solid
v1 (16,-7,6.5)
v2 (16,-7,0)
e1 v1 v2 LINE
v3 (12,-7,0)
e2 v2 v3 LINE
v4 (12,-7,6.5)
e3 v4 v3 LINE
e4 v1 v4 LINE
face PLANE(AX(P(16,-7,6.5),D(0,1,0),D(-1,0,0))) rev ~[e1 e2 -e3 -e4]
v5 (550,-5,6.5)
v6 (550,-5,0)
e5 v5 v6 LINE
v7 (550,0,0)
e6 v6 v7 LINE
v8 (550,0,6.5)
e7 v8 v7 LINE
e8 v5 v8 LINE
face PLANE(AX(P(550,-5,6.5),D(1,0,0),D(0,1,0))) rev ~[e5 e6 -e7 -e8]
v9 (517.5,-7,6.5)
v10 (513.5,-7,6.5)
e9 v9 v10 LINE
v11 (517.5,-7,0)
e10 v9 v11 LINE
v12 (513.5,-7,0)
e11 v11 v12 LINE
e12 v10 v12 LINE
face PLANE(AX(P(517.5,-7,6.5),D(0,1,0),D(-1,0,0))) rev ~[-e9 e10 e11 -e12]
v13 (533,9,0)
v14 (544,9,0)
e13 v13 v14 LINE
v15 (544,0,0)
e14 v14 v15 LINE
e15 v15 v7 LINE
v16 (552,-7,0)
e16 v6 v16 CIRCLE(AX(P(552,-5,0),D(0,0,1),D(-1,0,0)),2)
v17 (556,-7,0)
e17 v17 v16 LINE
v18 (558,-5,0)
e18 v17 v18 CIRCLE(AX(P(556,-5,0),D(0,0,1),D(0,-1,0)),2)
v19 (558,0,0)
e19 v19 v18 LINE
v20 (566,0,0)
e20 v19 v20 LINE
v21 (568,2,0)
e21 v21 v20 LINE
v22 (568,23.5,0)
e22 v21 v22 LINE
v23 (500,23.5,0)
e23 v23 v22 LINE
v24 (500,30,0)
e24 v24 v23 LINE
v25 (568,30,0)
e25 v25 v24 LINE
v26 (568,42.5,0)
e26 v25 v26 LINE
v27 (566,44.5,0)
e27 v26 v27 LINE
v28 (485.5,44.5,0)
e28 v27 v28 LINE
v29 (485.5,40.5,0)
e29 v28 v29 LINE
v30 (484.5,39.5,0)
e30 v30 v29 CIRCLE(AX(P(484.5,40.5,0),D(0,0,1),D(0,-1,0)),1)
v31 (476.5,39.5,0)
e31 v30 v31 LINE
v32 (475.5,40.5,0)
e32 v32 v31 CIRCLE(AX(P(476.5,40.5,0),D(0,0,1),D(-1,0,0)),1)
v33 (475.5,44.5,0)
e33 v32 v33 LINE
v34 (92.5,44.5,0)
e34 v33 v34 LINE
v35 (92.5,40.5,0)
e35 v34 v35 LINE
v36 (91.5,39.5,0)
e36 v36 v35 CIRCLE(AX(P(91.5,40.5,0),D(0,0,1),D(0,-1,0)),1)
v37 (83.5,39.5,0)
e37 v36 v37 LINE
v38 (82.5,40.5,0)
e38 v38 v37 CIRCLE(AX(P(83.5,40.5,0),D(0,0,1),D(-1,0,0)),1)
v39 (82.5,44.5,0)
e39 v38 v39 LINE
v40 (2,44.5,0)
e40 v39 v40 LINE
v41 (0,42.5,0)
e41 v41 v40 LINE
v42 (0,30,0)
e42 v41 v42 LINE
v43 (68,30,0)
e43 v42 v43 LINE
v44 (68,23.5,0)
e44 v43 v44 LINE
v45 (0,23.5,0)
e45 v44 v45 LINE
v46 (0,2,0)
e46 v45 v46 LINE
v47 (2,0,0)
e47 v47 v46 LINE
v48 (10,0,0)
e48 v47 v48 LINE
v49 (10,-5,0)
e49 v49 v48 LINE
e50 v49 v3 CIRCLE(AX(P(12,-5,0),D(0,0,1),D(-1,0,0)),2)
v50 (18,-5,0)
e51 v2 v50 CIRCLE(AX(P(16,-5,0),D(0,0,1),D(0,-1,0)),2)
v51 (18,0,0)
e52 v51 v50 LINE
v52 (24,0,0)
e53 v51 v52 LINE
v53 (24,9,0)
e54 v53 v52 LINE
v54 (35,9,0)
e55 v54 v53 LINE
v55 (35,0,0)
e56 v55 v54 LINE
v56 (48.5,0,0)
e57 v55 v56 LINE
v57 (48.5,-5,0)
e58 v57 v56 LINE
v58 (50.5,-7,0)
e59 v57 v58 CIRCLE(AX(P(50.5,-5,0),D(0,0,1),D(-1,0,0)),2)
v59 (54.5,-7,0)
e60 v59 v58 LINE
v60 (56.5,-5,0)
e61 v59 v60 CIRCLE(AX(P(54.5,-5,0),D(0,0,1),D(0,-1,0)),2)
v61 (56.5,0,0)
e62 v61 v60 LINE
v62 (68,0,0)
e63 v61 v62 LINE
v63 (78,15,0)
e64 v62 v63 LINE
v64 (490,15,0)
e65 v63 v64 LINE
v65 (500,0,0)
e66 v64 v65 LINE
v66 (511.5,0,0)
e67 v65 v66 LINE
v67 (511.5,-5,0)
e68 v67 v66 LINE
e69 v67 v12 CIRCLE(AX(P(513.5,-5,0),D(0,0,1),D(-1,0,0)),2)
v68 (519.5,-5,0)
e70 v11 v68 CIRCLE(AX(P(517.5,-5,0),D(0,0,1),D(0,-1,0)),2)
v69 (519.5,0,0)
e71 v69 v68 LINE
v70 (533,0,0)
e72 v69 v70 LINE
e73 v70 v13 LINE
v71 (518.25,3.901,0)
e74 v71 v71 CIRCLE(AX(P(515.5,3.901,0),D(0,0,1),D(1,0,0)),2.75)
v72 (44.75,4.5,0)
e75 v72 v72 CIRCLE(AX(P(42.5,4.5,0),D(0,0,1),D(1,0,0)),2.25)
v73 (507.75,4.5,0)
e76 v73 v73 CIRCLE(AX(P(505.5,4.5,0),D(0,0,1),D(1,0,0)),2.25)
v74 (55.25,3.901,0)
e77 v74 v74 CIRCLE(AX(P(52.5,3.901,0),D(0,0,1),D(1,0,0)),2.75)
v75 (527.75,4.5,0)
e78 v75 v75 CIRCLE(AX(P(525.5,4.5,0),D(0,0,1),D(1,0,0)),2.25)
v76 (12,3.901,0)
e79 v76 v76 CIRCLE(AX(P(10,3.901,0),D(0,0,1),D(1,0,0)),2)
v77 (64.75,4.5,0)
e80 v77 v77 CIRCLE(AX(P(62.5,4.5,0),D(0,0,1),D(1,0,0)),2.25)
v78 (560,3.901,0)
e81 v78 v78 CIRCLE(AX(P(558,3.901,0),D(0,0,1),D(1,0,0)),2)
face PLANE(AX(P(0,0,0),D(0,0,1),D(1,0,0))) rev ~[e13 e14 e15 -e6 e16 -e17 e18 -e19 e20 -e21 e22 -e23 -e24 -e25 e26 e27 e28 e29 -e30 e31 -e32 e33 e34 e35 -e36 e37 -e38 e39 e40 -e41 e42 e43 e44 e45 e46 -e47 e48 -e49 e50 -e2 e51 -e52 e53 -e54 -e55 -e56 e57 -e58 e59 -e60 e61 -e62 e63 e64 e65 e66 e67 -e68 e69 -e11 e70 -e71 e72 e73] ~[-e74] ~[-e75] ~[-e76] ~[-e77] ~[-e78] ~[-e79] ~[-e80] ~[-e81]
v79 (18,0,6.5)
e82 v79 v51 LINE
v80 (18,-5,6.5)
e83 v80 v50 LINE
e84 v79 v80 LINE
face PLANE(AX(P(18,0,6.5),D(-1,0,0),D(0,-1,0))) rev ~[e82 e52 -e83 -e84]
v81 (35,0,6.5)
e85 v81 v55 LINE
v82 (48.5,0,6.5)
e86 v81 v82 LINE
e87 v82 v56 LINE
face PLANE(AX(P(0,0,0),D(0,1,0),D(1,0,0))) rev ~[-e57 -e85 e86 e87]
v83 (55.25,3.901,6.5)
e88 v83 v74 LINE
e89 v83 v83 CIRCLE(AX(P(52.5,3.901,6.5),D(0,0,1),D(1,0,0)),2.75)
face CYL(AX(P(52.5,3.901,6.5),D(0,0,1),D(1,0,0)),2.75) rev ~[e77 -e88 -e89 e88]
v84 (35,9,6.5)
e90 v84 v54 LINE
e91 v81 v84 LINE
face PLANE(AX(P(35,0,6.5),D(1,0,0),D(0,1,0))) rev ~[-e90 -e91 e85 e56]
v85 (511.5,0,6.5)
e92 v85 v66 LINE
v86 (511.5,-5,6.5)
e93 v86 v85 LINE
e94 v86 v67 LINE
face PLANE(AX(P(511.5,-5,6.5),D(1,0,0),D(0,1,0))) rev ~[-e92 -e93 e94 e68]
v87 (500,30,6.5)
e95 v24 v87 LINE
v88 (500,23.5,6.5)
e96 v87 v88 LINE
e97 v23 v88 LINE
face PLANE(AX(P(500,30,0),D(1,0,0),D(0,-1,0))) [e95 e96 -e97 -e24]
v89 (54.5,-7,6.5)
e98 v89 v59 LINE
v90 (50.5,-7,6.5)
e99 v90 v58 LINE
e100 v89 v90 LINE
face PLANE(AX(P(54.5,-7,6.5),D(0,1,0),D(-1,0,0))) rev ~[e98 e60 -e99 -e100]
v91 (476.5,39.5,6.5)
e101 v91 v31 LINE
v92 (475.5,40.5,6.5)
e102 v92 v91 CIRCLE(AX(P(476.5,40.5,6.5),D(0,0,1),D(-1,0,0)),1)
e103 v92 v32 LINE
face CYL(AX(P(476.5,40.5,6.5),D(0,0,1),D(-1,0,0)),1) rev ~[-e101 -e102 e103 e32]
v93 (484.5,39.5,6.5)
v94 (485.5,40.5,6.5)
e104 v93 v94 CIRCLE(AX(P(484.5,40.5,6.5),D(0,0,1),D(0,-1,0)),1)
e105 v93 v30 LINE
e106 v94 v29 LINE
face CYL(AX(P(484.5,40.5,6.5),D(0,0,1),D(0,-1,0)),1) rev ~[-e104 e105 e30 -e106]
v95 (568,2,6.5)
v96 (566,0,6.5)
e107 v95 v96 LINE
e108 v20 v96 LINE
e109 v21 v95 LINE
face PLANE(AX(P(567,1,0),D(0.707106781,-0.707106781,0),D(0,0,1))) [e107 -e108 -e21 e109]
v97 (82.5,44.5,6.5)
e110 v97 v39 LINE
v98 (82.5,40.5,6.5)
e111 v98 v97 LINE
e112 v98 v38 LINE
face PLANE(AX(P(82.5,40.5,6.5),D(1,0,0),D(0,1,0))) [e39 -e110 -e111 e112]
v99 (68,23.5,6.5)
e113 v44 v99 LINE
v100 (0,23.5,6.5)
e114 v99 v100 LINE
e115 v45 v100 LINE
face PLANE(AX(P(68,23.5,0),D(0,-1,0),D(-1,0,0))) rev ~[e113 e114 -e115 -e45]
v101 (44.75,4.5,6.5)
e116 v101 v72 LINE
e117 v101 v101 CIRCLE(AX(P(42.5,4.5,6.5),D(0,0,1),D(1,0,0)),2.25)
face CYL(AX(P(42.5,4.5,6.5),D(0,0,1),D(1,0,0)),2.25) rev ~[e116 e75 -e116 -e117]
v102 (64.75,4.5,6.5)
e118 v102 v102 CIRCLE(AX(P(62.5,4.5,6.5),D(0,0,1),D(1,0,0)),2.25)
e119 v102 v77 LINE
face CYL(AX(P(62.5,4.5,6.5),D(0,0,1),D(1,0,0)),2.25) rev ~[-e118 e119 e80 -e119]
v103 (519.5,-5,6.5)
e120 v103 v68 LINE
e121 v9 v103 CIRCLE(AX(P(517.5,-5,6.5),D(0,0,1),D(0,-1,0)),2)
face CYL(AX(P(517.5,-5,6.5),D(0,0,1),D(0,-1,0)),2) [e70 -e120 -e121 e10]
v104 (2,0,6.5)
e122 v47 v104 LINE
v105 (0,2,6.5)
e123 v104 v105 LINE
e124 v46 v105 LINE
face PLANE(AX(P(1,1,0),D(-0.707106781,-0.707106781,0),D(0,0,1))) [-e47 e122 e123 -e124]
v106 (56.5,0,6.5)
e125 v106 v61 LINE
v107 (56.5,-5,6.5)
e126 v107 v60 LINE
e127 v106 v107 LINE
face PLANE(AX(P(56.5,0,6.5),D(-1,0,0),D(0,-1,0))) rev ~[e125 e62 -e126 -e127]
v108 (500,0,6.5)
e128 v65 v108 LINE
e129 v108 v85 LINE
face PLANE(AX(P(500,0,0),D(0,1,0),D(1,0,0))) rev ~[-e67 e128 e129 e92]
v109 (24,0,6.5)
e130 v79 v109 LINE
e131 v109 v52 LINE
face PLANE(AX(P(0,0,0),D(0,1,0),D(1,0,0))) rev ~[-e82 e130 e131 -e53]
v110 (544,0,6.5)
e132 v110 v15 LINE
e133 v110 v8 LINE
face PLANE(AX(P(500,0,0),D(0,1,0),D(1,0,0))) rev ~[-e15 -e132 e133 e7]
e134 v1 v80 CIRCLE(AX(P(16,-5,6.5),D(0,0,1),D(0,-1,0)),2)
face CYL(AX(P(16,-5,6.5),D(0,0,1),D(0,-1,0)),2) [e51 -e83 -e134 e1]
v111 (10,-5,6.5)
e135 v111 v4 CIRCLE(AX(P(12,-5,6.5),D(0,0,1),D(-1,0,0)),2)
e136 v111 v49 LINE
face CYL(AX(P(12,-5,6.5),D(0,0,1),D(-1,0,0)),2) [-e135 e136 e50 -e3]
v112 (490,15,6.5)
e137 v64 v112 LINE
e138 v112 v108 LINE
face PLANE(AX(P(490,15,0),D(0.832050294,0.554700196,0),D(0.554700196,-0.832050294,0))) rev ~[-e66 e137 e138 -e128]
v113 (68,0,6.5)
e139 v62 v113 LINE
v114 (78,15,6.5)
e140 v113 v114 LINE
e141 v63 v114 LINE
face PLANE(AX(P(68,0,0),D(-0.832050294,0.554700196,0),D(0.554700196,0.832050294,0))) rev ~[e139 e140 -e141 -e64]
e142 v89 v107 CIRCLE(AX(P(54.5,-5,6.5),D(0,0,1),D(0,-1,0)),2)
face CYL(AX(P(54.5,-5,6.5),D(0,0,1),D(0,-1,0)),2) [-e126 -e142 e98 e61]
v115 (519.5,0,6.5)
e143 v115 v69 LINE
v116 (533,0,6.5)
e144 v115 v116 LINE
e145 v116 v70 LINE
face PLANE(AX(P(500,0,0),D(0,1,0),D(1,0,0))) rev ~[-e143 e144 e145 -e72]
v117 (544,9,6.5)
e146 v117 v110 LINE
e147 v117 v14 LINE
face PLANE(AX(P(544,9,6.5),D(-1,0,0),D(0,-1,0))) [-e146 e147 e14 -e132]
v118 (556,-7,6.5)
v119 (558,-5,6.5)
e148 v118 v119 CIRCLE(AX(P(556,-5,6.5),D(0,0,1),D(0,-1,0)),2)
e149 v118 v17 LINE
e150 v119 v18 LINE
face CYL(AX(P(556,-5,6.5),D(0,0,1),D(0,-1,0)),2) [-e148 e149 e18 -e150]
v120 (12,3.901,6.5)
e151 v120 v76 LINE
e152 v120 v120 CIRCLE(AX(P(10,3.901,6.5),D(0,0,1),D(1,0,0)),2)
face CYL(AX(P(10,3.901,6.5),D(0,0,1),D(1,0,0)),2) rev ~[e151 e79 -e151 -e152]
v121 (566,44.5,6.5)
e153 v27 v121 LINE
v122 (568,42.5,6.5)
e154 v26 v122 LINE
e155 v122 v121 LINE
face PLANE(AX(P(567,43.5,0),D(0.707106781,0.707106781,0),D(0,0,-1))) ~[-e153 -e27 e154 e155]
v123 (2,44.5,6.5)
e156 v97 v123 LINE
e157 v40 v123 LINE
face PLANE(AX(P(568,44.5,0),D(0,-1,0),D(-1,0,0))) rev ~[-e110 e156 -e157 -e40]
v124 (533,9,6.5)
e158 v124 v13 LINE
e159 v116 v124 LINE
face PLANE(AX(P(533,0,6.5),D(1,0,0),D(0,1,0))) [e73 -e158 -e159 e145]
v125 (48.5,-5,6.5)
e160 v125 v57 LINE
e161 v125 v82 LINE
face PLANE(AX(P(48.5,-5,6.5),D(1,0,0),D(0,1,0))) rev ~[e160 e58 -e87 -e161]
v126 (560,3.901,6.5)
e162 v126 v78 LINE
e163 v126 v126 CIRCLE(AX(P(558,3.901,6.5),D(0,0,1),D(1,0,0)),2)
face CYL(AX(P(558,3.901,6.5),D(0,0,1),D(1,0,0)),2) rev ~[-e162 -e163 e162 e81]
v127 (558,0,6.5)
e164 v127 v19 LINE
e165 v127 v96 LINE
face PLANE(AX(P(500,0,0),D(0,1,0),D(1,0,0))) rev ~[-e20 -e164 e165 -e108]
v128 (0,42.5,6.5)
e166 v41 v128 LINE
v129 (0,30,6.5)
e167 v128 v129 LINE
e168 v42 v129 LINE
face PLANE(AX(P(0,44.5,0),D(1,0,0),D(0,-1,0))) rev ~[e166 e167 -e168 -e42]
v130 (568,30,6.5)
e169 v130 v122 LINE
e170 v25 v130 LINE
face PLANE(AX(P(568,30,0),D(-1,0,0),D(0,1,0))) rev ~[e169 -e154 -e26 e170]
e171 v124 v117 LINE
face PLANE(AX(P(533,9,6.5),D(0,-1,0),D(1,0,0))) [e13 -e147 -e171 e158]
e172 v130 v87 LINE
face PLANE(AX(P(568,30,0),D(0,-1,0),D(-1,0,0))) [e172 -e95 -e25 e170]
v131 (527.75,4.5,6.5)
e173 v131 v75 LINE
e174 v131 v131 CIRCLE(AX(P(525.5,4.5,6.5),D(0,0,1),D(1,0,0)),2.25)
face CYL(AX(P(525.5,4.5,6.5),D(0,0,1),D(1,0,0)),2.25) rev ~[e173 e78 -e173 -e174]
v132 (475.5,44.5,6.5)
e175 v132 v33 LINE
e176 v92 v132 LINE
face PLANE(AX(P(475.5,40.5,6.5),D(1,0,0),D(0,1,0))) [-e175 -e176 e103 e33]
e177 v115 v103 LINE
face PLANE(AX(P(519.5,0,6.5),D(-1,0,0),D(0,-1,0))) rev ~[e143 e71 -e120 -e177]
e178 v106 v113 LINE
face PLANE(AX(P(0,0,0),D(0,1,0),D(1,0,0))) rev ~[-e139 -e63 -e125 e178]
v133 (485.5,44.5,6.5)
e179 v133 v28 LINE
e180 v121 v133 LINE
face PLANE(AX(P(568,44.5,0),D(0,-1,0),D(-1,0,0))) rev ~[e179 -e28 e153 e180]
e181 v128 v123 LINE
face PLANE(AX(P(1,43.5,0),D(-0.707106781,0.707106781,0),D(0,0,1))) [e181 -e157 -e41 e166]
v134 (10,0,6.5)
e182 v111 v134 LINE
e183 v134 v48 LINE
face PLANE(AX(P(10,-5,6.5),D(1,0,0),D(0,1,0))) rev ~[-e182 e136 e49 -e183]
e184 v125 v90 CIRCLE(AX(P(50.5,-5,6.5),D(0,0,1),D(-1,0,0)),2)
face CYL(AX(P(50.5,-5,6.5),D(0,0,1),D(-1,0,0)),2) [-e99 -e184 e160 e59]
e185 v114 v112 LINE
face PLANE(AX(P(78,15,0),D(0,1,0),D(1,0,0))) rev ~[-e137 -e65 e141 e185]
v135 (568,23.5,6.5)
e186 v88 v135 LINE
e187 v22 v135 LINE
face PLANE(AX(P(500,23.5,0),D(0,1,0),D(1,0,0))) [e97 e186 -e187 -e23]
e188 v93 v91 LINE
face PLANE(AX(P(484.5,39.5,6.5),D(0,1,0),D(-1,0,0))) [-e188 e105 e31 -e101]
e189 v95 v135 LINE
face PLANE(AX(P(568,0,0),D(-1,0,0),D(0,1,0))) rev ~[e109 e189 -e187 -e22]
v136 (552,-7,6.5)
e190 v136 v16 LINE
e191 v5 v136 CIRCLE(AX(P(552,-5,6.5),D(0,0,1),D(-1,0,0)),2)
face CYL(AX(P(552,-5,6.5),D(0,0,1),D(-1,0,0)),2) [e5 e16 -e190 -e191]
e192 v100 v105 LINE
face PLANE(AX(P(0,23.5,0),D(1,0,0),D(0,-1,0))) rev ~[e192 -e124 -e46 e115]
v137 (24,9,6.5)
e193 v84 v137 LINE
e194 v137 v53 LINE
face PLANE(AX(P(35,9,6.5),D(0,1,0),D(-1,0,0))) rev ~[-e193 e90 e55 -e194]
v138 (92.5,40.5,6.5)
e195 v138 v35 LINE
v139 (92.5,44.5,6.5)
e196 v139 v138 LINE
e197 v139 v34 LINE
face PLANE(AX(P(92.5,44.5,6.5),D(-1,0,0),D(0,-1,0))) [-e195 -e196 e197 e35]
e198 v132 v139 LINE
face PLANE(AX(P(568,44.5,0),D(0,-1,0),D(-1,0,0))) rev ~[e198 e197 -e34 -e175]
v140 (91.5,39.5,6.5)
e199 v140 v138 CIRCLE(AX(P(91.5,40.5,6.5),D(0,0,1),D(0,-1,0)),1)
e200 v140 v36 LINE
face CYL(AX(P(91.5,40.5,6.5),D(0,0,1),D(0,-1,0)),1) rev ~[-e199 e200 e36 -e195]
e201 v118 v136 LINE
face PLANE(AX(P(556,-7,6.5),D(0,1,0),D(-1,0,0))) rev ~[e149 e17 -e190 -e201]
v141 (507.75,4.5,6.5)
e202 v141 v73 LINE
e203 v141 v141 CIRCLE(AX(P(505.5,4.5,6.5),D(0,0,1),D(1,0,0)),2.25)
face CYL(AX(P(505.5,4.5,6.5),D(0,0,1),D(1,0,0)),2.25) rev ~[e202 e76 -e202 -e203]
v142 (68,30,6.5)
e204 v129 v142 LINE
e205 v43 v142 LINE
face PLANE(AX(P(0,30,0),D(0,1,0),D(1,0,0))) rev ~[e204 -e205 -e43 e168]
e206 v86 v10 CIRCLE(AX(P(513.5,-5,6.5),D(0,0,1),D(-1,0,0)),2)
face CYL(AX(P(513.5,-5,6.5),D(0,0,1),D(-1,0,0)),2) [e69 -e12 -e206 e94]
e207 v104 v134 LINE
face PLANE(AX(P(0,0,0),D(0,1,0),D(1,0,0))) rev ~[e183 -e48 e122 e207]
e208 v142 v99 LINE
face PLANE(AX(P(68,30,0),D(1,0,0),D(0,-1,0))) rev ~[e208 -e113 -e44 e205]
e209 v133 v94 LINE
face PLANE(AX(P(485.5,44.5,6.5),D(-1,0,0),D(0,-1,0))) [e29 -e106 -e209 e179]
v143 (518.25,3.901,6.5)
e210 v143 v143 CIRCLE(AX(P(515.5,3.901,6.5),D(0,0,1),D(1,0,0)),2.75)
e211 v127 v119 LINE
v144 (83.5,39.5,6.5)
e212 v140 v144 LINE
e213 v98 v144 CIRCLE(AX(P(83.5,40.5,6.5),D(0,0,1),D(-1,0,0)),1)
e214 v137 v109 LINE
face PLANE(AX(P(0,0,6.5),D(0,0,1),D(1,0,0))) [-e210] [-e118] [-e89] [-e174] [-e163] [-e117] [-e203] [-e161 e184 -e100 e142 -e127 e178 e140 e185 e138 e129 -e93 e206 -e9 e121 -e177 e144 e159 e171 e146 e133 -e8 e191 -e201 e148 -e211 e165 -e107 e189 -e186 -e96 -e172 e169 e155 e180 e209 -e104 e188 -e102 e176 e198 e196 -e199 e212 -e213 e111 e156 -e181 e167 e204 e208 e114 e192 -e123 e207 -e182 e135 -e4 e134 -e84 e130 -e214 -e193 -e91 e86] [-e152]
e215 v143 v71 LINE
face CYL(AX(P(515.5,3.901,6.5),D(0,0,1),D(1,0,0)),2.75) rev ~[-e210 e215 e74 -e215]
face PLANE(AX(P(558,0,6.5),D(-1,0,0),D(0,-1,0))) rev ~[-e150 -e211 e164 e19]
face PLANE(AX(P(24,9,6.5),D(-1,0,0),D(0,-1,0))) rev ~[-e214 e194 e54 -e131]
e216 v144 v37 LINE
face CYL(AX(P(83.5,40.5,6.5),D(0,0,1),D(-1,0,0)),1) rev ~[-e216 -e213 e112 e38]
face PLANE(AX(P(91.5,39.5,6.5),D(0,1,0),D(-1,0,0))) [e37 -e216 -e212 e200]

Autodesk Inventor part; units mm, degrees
ref_plane "YZ Plane" through (0, 0, 0) normal (1, 0, 0) x (0, 1, 0)
ref_plane "XZ Plane" through (0, 0, 0) normal (0, 1, 0) x (-1, 0, 0)
ref_plane "XY Plane" through (0, 0, 0) normal (0, 0, 1) x (1, 0, 0)
sketch "Sketch1" plane through (0, 0, 0) normal (0, 0, 1) x (1, 0, 0)
  line L0 (568, 44.5) -> (0, 44.5)
  line L1 (68, 0) -> (78, 15)
  line L2 (78, 15) -> (490, 15)
  line L3 (490, 15) -> (500, 0)
  line L4 (0, 0) -> (68, 0)
  line L5 (500, 0) -> (568, 0)
  line L6 (0, 30) -> (68, 30)
  line L7 (68, 30) -> (68, 23.5)
  line L8 (68, 23.5) -> (0, 23.5)
  line L9 (0, 44.5) -> (0, 30)
  line L10 (0, 23.5) -> (0, 0)
  line L11 (568, 30) -> (500, 30)
  line L12 (500, 30) -> (500, 23.5)
  line L13 (500, 23.5) -> (568, 23.5)
  line L14 (568, 0) -> (568, 23.5)
  line L15 (568, 30) -> (568, 44.5)
  dimension "d3" = 6.5
  dimension "d4" = 68
  dimension "d5" = 68
  dimension "d6" = 568
  dimension "d7" = 15
  dimension "d8" = 23.5
  dimension "d9" = 14.5
  dimension "d12" = 10
  dimension "d13" = 10
  dimension "d14" = 10
  dimension "d15" = 10
extrude "Extrusion1" add sketch "Sketch1" along normal blind 6.5
sketch "Sketch2" plane through (0, 0, 6.5) normal (0, 0, 1) x (1, 0, 0)
  line L0 (0, 0) -> (68, 0) projected
  line L1 (500, 0) -> (568, 0) projected
  line L2 (568, 0) -> (568, 23.5) projected
  line L3 (568, 30) -> (568, 44.5) projected
  line L4 (568, 44.5) -> (0, 44.5) projected
  line L5 (0, 44.5) -> (0, 30) projected
  line L6 (0, 23.5) -> (0, 0) projected
  line L7 (24, 0) -> (35, 0)
  line L8 (35, 0) -> (35, 9)
  line L9 (35, 9) -> (24, 9)
  line L10 (24, 9) -> (24, 0)
  circle A0 centre (42.5, 4.5) radius 2.25
  circle A1 centre (52.5, 3.901) radius 2.75
  circle A2 centre (62.5, 4.5) radius 2.25
  line L11 (544, 0) -> (533, 0)
  line L12 (533, 0) -> (533, 9)
  line L13 (533, 9) -> (544, 9)
  line L14 (544, 9) -> (544, 0)
  circle A3 centre (505.5, 4.5) radius 2.25
  circle A4 centre (515.5, 3.901) radius 2.75
  circle A5 centre (525.5, 4.5) radius 2.25
  line L15 (82.5, 44.5) -> (92.5, 44.5)
  line L16 (92.5, 44.5) -> (92.5, 40.5)
  line L17 (91.5, 39.5) -> (83.5, 39.5)
  line L18 (82.5, 40.5) -> (82.5, 44.5)
  line L19 (475.5, 44.5) -> (485.5, 44.5)
  line L20 (485.5, 44.5) -> (485.5, 40.5)
  line L21 (484.5, 39.5) -> (476.5, 39.5)
  line L22 (475.5, 40.5) -> (475.5, 44.5)
  arc A6 (82.5, 40.5) -> (83.5, 39.5) centre (83.5, 40.5) ccw
  arc A7 (91.5, 39.5) -> (92.5, 40.5) centre (91.5, 40.5) ccw
  arc A8 (475.5, 40.5) -> (476.5, 39.5) centre (476.5, 40.5) ccw
  arc A9 (484.5, 39.5) -> (485.5, 40.5) centre (484.5, 40.5) ccw
  circle A10 centre (29.5, 3.901) radius 7.5 construction
  point P0 (538.5, 9)
  point P1 (35, 4.5)
  point P2 (87.5, 39.5)
  point P3 (480.5, 39.5)
  dimension "d16" = 11
  dimension "d18" = 4.5
  dimension "d19" = 5.5
  dimension "d20" = 11
  dimension "d21" = 1
  dimension "d22" = 10
  dimension "d23" = 10
  dimension "d27" = 24
  dimension "d29" = 23
  dimension "d30" = 24
  dimension "d31" = 10
  dimension "d32" = 10
  dimension "d33" = 10
  dimension "d34" = 10
  dimension "d35" = 9
  dimension "d38" = 15
  dimension "d39" = 23
  dimension "d49" = 87.5
  dimension "d50" = 87.5
  dimension "d63" = 5
extrude "Extrusion2" cut sketch "Sketch2" against normal through all
chamfer "Chamfer1" distance 2 angle 45 4 edges at (0, 44.5, 3.25) (0, 0, 3.25) (568, 44.5, 3.25) (568, 0, 3.25)
sketch "Sketch3" plane through (0, 0, 6.5) normal (0, 0, 1) x (1, 0, 0)
  line L0 (568, 2) -> (568, 23.5) projected
  line L1 (0, 23.5) -> (0, 2) projected
  circle A0 centre (52.5, 3.901) radius 2.75 projected
  circle A1 centre (10, 3.901) radius 2
  circle A2 centre (558, 3.901) radius 2
  point P0 (0, 0)
  dimension "d43" = 4
  dimension "d44" = 10
  dimension "d45" = 4
  dimension "d46" = 10
extrude "Extrusion3" cut sketch "Sketch3" against normal through all contours A1 | A2
sketch "Sketch4" plane through (0, 0, 6.5) normal (0, 0, 1) x (1, 0, 0)
  line L0 (568, 2) -> (568, 23.5) projected
  line L1 (0, 23.5) -> (0, 2) projected
  line L2 (2, 0) -> (24, 0) projected
  line L3 (35, 0) -> (68, 0) projected
  line L4 (500, 0) -> (533, 0) projected
  line L5 (544, 0) -> (566, 0) projected
  line L6 (10, 0) -> (18, 0)
  line L7 (18, 0) -> (18, -5)
  line L8 (16, -7) -> (12, -7)
  line L9 (10, -5) -> (10, 0)
  line L10 (48.5, 0) -> (56.5, 0)
  line L11 (56.5, 0) -> (56.5, -5)
  line L12 (54.5, -7) -> (50.5, -7)
  line L13 (48.5, -5) -> (48.5, 0)
  line L14 (511.5, 0) -> (519.5, 0)
  line L15 (519.5, 0) -> (519.5, -5)
  line L16 (517.5, -7) -> (513.5, -7)
  line L17 (511.5, -5) -> (511.5, 0)
  line L18 (550, 0) -> (558, 0)
  line L19 (558, 0) -> (558, -5)
  line L20 (556, -7) -> (552, -7)
  line L21 (550, -5) -> (550, 0)
  arc A0 (10, -5) -> (12, -7) centre (12, -5) ccw
  arc A1 (16, -7) -> (18, -5) centre (16, -5) ccw
  arc A2 (48.5, -5) -> (50.5, -7) centre (50.5, -5) ccw
  arc A3 (54.5, -7) -> (56.5, -5) centre (54.5, -5) ccw
  arc A4 (511.5, -5) -> (513.5, -7) centre (513.5, -5) ccw
  arc A5 (517.5, -7) -> (519.5, -5) centre (517.5, -5) ccw
  arc A6 (550, -5) -> (552, -7) centre (552, -5) ccw
  arc A7 (556, -7) -> (558, -5) centre (556, -5) ccw
  point P0 (0, 0)
  dimension "d51" = 2
  dimension "d52" = 8
  dimension "d53" = 8
  dimension "d54" = 8
  dimension "d55" = 8
  dimension "d56" = 7
  dimension "d57" = 10
  dimension "d58" = 30.5
  dimension "d59" = 10
  dimension "d60" = 30.5
extrude "Extrusion4" add sketch "Sketch4" against normal blind 6.5
equation "\"d5\" = d4"
equation "\"d20\" = d16"
equation "\"d23\" = d22"
equation "\"d30\" = d27"
equation "\"d50\" = d49"
equation "\"d45\" = d43"
equation "\"d46\" = d44"
equation "\"d59\" = d57"
equation "\"d60\" = d58"
properties part number "x_axis_chain_holder"
